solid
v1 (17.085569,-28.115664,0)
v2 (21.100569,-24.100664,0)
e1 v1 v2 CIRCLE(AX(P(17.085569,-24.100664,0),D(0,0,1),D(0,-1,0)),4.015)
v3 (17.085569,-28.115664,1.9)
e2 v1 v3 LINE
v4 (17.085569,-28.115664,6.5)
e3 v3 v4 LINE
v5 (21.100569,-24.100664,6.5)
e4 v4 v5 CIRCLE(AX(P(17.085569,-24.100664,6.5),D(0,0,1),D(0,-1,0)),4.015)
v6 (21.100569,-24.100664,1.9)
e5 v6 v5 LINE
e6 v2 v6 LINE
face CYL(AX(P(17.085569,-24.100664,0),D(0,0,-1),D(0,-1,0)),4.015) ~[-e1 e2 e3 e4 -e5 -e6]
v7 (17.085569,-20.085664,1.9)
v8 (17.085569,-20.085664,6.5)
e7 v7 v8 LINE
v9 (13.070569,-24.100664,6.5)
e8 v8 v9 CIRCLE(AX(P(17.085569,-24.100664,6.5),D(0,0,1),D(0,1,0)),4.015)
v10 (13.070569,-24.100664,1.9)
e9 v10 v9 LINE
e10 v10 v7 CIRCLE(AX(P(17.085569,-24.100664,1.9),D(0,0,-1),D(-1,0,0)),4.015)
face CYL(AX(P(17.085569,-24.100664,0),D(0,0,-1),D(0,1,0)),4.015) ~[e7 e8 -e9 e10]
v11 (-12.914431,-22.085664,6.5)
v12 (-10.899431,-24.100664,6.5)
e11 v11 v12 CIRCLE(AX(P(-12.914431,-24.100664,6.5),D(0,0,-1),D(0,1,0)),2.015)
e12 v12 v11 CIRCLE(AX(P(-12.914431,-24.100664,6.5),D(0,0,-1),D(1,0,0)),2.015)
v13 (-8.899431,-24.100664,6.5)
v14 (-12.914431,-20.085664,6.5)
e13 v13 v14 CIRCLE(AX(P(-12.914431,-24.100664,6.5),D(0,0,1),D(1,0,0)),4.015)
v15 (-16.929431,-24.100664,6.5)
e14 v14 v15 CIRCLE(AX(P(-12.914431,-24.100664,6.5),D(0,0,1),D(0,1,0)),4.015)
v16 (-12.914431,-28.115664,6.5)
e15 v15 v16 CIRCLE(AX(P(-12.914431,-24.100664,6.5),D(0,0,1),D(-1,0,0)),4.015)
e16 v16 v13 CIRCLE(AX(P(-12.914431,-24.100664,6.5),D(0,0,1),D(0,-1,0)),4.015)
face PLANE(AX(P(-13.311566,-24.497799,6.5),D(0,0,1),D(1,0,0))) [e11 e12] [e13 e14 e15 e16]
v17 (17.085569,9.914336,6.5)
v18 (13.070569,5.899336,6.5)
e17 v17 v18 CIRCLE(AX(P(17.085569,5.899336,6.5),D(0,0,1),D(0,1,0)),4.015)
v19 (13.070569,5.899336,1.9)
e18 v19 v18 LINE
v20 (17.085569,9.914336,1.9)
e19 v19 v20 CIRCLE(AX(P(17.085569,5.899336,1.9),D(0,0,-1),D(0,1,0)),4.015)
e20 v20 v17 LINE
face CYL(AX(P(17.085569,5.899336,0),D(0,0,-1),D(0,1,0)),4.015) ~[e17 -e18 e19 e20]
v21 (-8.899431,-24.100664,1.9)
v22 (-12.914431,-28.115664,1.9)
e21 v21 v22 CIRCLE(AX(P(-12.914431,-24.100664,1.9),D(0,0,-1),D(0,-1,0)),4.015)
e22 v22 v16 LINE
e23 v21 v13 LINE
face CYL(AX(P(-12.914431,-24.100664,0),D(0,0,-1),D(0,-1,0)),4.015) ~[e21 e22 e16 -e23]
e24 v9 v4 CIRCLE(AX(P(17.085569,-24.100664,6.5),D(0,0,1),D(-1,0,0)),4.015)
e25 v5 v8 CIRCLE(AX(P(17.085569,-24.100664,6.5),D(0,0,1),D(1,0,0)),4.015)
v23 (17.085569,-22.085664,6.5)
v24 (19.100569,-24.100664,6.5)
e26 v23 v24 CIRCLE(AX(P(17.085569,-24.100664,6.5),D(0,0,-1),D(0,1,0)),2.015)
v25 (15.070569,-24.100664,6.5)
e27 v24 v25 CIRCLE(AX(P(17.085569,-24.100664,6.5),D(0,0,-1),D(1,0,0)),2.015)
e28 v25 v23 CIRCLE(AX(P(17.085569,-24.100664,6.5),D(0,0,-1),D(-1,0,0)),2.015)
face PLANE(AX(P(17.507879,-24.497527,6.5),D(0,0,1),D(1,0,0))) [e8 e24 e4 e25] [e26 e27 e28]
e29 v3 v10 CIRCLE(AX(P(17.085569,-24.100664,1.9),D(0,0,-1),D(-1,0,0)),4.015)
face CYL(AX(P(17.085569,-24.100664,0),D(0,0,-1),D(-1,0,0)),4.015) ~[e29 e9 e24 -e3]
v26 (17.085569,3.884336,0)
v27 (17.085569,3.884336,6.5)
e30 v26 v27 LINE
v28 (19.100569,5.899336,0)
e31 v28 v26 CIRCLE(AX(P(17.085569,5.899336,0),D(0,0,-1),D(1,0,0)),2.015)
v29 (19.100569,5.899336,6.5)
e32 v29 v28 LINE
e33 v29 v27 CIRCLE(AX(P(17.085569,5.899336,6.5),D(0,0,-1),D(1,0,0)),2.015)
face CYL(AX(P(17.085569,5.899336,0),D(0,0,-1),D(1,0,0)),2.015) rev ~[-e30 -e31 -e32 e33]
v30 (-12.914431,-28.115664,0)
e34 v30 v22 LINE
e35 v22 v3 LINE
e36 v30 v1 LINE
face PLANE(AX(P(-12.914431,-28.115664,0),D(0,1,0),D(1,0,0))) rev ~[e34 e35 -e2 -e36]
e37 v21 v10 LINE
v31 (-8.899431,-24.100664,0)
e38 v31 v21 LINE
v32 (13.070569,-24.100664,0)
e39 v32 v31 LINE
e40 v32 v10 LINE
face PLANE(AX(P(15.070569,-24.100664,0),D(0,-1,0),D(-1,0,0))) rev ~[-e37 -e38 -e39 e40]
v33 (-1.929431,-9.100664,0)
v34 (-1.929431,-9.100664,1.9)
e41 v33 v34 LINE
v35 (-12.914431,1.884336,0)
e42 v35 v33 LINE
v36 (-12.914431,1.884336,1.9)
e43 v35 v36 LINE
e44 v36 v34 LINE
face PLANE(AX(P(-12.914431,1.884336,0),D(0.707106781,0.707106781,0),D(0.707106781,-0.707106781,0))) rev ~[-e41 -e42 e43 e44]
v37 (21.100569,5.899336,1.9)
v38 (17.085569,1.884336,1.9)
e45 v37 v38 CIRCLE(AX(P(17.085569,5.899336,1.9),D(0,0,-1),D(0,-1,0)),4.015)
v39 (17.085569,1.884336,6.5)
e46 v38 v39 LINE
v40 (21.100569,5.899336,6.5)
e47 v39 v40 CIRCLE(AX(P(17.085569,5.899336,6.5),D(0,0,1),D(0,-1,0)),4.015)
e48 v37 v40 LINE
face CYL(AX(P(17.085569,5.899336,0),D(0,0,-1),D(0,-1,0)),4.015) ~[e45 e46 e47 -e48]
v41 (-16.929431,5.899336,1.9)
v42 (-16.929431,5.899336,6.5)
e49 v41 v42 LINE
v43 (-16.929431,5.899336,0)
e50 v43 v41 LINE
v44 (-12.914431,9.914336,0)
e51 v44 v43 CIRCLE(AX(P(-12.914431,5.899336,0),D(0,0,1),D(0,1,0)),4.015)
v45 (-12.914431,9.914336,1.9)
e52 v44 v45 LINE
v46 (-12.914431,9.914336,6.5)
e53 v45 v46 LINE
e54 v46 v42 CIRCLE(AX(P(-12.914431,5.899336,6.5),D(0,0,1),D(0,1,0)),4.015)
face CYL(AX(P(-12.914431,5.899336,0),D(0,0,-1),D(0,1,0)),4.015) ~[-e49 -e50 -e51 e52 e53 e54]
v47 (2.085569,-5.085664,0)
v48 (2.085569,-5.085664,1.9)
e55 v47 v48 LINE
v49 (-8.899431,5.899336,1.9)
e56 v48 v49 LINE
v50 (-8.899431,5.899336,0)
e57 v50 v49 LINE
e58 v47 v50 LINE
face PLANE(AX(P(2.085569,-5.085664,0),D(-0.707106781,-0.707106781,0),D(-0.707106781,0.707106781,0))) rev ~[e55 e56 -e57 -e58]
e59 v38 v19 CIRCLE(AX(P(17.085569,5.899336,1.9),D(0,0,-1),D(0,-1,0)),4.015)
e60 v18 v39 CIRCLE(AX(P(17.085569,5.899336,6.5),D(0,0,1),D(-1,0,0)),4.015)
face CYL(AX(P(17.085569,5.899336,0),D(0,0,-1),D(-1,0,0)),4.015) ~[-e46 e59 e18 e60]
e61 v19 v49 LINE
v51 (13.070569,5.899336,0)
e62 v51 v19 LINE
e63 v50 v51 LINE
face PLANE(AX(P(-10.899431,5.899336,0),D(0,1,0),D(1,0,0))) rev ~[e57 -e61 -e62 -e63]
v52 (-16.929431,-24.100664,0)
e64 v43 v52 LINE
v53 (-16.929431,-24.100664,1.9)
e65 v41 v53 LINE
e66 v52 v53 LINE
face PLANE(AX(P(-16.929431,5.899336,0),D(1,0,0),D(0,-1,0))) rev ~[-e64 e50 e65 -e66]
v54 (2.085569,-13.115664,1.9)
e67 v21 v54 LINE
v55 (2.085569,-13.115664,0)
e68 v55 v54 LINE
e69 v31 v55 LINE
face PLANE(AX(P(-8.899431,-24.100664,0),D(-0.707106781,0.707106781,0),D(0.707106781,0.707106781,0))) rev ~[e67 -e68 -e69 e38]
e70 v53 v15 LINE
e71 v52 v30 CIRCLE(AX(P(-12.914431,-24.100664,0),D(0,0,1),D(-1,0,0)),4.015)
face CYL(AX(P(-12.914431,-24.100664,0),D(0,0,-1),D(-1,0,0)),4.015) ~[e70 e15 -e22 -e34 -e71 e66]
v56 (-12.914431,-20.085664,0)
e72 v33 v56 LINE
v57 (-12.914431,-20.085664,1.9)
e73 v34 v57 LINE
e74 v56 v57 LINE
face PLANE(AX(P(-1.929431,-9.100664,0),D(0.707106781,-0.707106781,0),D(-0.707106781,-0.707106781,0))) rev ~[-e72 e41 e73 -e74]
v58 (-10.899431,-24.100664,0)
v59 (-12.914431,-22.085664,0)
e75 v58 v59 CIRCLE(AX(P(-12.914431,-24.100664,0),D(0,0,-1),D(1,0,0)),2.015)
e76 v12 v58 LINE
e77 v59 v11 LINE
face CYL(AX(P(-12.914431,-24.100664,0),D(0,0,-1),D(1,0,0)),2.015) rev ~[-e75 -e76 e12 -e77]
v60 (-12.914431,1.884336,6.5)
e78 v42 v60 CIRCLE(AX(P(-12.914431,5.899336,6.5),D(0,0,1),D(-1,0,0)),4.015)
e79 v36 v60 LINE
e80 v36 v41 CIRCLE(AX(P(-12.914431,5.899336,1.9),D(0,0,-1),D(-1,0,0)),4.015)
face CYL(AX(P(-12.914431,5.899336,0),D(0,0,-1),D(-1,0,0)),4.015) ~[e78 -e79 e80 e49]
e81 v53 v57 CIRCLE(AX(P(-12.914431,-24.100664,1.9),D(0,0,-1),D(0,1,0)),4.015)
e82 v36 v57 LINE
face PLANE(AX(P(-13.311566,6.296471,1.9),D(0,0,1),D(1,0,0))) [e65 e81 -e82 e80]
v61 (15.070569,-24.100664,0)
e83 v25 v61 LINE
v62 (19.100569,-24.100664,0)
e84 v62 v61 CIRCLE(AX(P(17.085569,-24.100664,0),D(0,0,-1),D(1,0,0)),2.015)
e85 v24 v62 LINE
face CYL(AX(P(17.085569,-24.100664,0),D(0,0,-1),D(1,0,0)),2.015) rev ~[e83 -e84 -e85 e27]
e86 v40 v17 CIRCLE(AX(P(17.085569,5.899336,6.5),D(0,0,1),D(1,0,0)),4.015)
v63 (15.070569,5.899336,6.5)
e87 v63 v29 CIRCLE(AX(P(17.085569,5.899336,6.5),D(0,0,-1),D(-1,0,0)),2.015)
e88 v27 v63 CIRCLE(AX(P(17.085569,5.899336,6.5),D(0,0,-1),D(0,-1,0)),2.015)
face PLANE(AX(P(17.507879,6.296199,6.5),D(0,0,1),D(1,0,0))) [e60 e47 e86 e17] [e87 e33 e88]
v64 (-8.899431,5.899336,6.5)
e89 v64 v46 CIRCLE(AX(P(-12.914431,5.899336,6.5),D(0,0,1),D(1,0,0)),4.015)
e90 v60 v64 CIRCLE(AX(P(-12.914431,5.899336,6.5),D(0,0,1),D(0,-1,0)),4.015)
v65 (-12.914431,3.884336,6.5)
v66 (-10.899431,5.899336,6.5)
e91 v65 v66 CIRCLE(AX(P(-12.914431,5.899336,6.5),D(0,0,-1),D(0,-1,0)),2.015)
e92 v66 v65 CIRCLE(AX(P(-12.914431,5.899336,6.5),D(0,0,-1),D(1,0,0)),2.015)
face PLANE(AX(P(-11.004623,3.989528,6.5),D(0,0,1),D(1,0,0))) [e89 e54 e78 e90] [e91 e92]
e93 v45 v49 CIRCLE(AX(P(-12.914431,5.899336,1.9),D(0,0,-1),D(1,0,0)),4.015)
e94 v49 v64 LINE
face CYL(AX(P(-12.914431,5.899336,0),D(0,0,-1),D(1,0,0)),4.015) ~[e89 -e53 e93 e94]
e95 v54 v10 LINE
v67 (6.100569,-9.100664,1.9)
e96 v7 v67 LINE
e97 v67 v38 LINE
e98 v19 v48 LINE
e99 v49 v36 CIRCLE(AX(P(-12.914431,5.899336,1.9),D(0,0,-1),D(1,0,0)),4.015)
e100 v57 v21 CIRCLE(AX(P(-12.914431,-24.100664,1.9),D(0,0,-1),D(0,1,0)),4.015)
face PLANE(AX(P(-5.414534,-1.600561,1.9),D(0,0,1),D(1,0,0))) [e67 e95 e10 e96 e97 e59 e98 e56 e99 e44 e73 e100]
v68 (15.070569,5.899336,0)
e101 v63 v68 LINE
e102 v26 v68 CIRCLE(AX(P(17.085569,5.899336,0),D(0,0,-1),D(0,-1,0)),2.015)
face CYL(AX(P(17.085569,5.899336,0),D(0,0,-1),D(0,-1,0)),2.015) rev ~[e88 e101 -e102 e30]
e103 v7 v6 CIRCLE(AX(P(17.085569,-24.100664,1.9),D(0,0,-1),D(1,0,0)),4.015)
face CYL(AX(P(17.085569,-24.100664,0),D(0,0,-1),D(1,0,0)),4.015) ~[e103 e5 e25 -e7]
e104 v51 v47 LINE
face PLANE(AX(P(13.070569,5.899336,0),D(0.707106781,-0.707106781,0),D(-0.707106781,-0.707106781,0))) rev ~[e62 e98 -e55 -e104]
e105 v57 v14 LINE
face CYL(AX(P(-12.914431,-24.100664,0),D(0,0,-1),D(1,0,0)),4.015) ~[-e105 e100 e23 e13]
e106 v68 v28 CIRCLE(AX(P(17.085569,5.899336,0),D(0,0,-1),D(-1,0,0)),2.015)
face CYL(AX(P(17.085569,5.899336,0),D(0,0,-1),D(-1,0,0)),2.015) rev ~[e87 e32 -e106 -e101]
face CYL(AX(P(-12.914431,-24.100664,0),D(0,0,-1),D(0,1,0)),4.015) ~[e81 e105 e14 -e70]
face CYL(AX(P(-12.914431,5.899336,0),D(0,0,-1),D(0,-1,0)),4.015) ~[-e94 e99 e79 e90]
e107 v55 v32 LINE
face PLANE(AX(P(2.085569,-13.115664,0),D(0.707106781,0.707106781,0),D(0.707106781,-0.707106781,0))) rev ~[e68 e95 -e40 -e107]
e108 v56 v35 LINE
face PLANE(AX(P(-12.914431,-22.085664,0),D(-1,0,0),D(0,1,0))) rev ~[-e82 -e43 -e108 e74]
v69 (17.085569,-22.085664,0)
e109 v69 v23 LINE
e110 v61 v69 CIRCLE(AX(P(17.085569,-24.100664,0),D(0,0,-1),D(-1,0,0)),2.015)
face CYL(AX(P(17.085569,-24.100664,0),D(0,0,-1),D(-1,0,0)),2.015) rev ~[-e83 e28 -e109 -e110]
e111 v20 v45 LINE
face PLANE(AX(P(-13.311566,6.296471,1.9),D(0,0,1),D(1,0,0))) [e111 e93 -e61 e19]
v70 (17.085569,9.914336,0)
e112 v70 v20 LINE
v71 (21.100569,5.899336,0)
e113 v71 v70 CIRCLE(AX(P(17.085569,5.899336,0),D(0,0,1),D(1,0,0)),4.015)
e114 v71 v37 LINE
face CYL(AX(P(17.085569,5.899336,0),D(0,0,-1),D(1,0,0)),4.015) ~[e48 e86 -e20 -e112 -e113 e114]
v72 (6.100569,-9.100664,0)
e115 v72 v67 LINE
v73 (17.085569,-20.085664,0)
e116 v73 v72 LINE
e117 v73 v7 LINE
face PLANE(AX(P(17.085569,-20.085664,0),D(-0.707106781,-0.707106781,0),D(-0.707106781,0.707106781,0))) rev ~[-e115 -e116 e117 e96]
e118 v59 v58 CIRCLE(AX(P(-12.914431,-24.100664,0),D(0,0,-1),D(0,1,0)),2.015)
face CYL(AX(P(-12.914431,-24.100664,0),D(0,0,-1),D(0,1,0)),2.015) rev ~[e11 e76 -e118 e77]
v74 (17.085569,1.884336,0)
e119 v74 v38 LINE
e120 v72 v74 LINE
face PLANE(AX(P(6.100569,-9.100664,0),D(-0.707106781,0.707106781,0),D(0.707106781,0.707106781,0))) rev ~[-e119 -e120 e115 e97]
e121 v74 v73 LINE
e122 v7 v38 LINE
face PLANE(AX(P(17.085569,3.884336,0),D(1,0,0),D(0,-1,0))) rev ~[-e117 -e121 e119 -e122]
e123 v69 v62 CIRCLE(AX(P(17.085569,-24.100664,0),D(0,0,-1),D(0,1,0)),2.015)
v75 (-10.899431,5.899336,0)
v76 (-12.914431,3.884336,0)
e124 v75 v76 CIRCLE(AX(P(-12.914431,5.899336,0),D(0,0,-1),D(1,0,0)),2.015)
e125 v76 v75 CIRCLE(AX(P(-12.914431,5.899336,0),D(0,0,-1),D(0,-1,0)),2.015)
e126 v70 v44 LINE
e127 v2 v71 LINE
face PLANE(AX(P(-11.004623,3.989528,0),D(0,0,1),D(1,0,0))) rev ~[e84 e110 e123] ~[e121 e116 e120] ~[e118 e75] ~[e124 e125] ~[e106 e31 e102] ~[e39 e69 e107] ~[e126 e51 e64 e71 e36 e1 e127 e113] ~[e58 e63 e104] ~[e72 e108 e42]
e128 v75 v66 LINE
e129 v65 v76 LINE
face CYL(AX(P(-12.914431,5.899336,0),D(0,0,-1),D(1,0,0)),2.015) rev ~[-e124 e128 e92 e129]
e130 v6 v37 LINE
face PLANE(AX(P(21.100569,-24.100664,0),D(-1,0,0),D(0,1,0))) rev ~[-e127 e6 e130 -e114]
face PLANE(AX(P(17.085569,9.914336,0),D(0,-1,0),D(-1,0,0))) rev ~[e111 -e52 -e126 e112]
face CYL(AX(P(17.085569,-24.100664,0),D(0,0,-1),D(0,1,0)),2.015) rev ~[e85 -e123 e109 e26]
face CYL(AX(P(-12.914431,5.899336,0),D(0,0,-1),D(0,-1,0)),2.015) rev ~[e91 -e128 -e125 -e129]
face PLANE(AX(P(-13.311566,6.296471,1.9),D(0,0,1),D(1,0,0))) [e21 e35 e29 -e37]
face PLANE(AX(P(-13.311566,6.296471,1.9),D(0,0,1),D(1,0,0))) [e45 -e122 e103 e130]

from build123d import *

# Parameters (mm, degrees)
F1_DEPTH = 6.5
F2_DEPTH = 1.9


with BuildPart() as f1:
    # F0 (on Top) → F1 (new body)
    with BuildSketch(Plane.XY):
        with BuildLine():
            Line((-8.899431151, 5.8993360586), (-10.899431151, 5.8993360586))
            ThreePointArc((-10.899431151, 5.8993360586), (-11.4896109869, 4.4745158946), (-12.914431151, 3.8843360586))
            Line((-12.914431151, 3.8843360586), (-12.914431151, 1.8843360586))
            ThreePointArc((-12.914431151, 1.8843360586), (-10.0753974245, 3.0603023322), (-8.899431151, 5.8993360586))
        make_face()
        with BuildLine():
            ThreePointArc((-12.914431151, 3.8843360586), (-14.3392513151, 7.3241562227), (-10.899431151, 5.8993360586))
            Line((-10.899431151, 5.8993360586), (-8.899431151, 5.8993360586))
            ThreePointArc((-8.899431151, 5.8993360586), (-10.0753974245, 8.7383697851), (-12.914431151, 9.9143360586))
            ThreePointArc((-12.914431151, 9.9143360586), (-15.7534648775, 8.7383697851), (-16.929431151, 5.8993360586))
            ThreePointArc((-16.929431151, 5.8993360586), (-15.7534648775, 3.0603023322), (-12.914431151, 1.8843360586))
            Line((-12.914431151, 1.8843360586), (-12.914431151, 3.8843360586))
        make_face()
    extrude(amount=F1_DEPTH)



with BuildPart() as f1b:
    # F0 (on Top) → F1, piece 2 (new body)
    with BuildSketch(Plane.XY):
        with BuildLine():
            ThreePointArc((17.085568849, 9.9143360586), (14.2465351225, 8.7383697851), (13.070568849, 5.8993360586))
            Line((13.070568849, 5.8993360586), (15.070568849, 5.8993360586))
            ThreePointArc((15.070568849, 5.8993360586), (17.085568849, 7.9143360586), (19.100568849, 5.8993360586))
            ThreePointArc((19.100568849, 5.8993360586), (18.5103890131, 4.4745158946), (17.085568849, 3.8843360586))
            Line((17.085568849, 3.8843360586), (17.085568849, 1.8843360586))
            ThreePointArc((17.085568849, 1.8843360586), (19.9246025755, 3.0603023322), (21.100568849, 5.8993360586))
            ThreePointArc((21.100568849, 5.8993360586), (19.9246025755, 8.7383697851), (17.085568849, 9.9143360586))
        make_face()
        with BuildLine():
            Line((15.070568849, 5.8993360586), (13.070568849, 5.8993360586))
            ThreePointArc((13.070568849, 5.8993360586), (14.2465351225, 3.0603023322), (17.085568849, 1.8843360586))
            Line((17.085568849, 1.8843360586), (17.085568849, 3.8843360586))
            ThreePointArc((17.085568849, 3.8843360586), (15.6607486849, 4.4745158946), (15.070568849, 5.8993360586))
        make_face()
    extrude(amount=F1_DEPTH)


with BuildPart() as f1c:
    # F0 (on Top) → F1, piece 3 (new body)
    with BuildSketch(Plane.XY):
        with BuildLine():
            ThreePointArc((21.100568849, -24.1006639414), (19.9246025755, -21.2616302149), (17.085568849, -20.0856639414))
            Line((17.085568849, -20.0856639414), (17.085568849, -22.0856639414))
            ThreePointArc((17.085568849, -22.0856639414), (18.5103890131, -22.6758437773), (19.100568849, -24.1006639414))
            ThreePointArc((19.100568849, -24.1006639414), (17.085568849, -26.1156639414), (15.070568849, -24.1006639414))
            Line((15.070568849, -24.1006639414), (13.070568849, -24.1006639414))
            ThreePointArc((13.070568849, -24.1006639414), (14.2465351225, -26.9396976678), (17.085568849, -28.1156639414))
            ThreePointArc((17.085568849, -28.1156639414), (19.9246025755, -26.9396976678), (21.100568849, -24.1006639414))
        make_face()
        with BuildLine():
            Line((17.085568849, -22.0856639414), (17.085568849, -20.0856639414))
            ThreePointArc((17.085568849, -20.0856639414), (14.2465351225, -21.2616302149), (13.070568849, -24.1006639414))
            Line((13.070568849, -24.1006639414), (15.070568849, -24.1006639414))
            ThreePointArc((15.070568849, -24.1006639414), (15.6607486849, -22.6758437773), (17.085568849, -22.0856639414))
        make_face()
    extrude(amount=F1_DEPTH)


with BuildPart() as f1d:
    # F0 (on Top) → F1, piece 4 (new body)
    with BuildSketch(Plane.XY):
        with BuildLine():
            Line((-12.914431151, -22.0856639414), (-12.914431151, -20.0856639414))
            ThreePointArc((-12.914431151, -20.0856639414), (-15.7534648775, -21.2616302149), (-16.929431151, -24.1006639414))
            ThreePointArc((-16.929431151, -24.1006639414), (-15.7534648775, -26.9396976678), (-12.914431151, -28.1156639414))
            ThreePointArc((-12.914431151, -28.1156639414), (-10.0753974245, -26.9396976678), (-8.899431151, -24.1006639414))
            Line((-8.899431151, -24.1006639414), (-10.899431151, -24.1006639414))
            ThreePointArc((-10.899431151, -24.1006639414), (-14.3392513151, -25.5254841054), (-12.914431151, -22.0856639414))
        make_face()
        with BuildLine():
            ThreePointArc((-8.899431151, -24.1006639414), (-10.0753974245, -21.2616302149), (-12.914431151, -20.0856639414))
            Line((-12.914431151, -20.0856639414), (-12.914431151, -22.0856639414))
            ThreePointArc((-12.914431151, -22.0856639414), (-11.4896109869, -22.6758437773), (-10.899431151, -24.1006639414))
            Line((-10.899431151, -24.1006639414), (-8.899431151, -24.1006639414))
        make_face()
    extrude(amount=F1_DEPTH)


with BuildPart() as f1_1:
    add(f1.part)

    add(f1b.part)  # F2 merges F1b

    add(f1c.part)  # F2 merges F1c

    add(f1d.part)  # F2 merges F1d
    # F0 (on Top) → F2 (join)
    with BuildSketch(Plane.XY):
        with BuildLine():
            ThreePointArc((-12.914431151, 3.8843360586), (-14.3392513151, 7.3241562227), (-10.899431151, 5.8993360586))
            Line((-10.899431151, 5.8993360586), (-8.899431151, 5.8993360586))
            ThreePointArc((-8.899431151, 5.8993360586), (-10.0753974245, 8.7383697851), (-12.914431151, 9.9143360586))
            ThreePointArc((-12.914431151, 9.9143360586), (-15.7534648775, 8.7383697851), (-16.929431151, 5.8993360586))
            ThreePointArc((-16.929431151, 5.8993360586), (-15.7534648775, 3.0603023322), (-12.914431151, 1.8843360586))
            Line((-12.914431151, 1.8843360586), (-12.914431151, 3.8843360586))
        make_face()
        with BuildLine():
            ThreePointArc((-12.914431151, 9.9143360586), (-10.0753974245, 8.7383697851), (-8.899431151, 5.8993360586))
            Line((-8.899431151, 5.8993360586), (13.070568849, 5.8993360586))
            ThreePointArc((13.070568849, 5.8993360586), (14.2465351225, 8.7383697851), (17.085568849, 9.9143360586))
            Line((17.085568849, 9.9143360586), (-12.914431151, 9.9143360586))
        make_face()
        with BuildLine():
            Line((-12.914431151, -20.0856639414), (-12.914431151, 1.8843360586))
            ThreePointArc((-12.914431151, 1.8843360586), (-15.7534648775, 3.0603023322), (-16.929431151, 5.8993360586))
            Line((-16.929431151, 5.8993360586), (-16.929431151, -24.1006639414))
            ThreePointArc((-16.929431151, -24.1006639414), (-15.7534648775, -21.2616302149), (-12.914431151, -20.0856639414))
        make_face()
        with BuildLine():
            ThreePointArc((17.085568849, 9.9143360586), (14.2465351225, 8.7383697851), (13.070568849, 5.8993360586))
            Line((13.070568849, 5.8993360586), (15.070568849, 5.8993360586))
            ThreePointArc((15.070568849, 5.8993360586), (17.085568849, 7.9143360586), (19.100568849, 5.8993360586))
            ThreePointArc((19.100568849, 5.8993360586), (18.5103890131, 4.4745158946), (17.085568849, 3.8843360586))
            Line((17.085568849, 3.8843360586), (17.085568849, 1.8843360586))
            ThreePointArc((17.085568849, 1.8843360586), (19.9246025755, 3.0603023322), (21.100568849, 5.8993360586))
            ThreePointArc((21.100568849, 5.8993360586), (19.9246025755, 8.7383697851), (17.085568849, 9.9143360586))
        make_face()
        with BuildLine():
            Line((-12.914431151, -22.0856639414), (-12.914431151, -20.0856639414))
            ThreePointArc((-12.914431151, -20.0856639414), (-15.7534648775, -21.2616302149), (-16.929431151, -24.1006639414))
            ThreePointArc((-16.929431151, -24.1006639414), (-15.7534648775, -26.9396976678), (-12.914431151, -28.1156639414))
            ThreePointArc((-12.914431151, -28.1156639414), (-10.0753974245, -26.9396976678), (-8.899431151, -24.1006639414))
            Line((-8.899431151, -24.1006639414), (-10.899431151, -24.1006639414))
            ThreePointArc((-10.899431151, -24.1006639414), (-14.3392513151, -25.5254841054), (-12.914431151, -22.0856639414))
        make_face()
        with BuildLine():
            ThreePointArc((21.100568849, 5.8993360586), (19.9246025755, 3.0603023322), (17.085568849, 1.8843360586))
            Line((17.085568849, 1.8843360586), (17.085568849, -20.0856639414))
            ThreePointArc((17.085568849, -20.0856639414), (19.9246025755, -21.2616302149), (21.100568849, -24.1006639414))
            Line((21.100568849, -24.1006639414), (21.100568849, 5.8993360586))
        make_face()
        with BuildLine():
            Line((13.070568849, -24.1006639414), (-8.899431151, -24.1006639414))
            ThreePointArc((-8.899431151, -24.1006639414), (-10.0753974245, -26.9396976678), (-12.914431151, -28.1156639414))
            Line((-12.914431151, -28.1156639414), (17.085568849, -28.1156639414))
            ThreePointArc((17.085568849, -28.1156639414), (14.2465351225, -26.9396976678), (13.070568849, -24.1006639414))
        make_face()
        with BuildLine():
            ThreePointArc((21.100568849, -24.1006639414), (19.9246025755, -21.2616302149), (17.085568849, -20.0856639414))
            Line((17.085568849, -20.0856639414), (17.085568849, -22.0856639414))
            ThreePointArc((17.085568849, -22.0856639414), (18.5103890131, -22.6758437773), (19.100568849, -24.1006639414))
            ThreePointArc((19.100568849, -24.1006639414), (17.085568849, -26.1156639414), (15.070568849, -24.1006639414))
            Line((15.070568849, -24.1006639414), (13.070568849, -24.1006639414))
            ThreePointArc((13.070568849, -24.1006639414), (14.2465351225, -26.9396976678), (17.085568849, -28.1156639414))
            ThreePointArc((17.085568849, -28.1156639414), (19.9246025755, -26.9396976678), (21.100568849, -24.1006639414))
        make_face()
        with BuildLine():
            Line((2.085568849, -5.0856639414), (-8.899431151, 5.8993360586))
            ThreePointArc((-8.899431151, 5.8993360586), (-10.0753974245, 3.0603023322), (-12.914431151, 1.8843360586))
            Line((-12.914431151, 1.8843360586), (-1.929431151, -9.1006639414))
            Line((-1.929431151, -9.1006639414), (2.085568849, -5.0856639414))
        make_face()
        with BuildLine():
            ThreePointArc((17.085568849, 1.8843360586), (14.2465351225, 3.0603023322), (13.070568849, 5.8993360586))
            Line((13.070568849, 5.8993360586), (2.085568849, -5.0856639414))
            Line((2.085568849, -5.0856639414), (6.100568849, -9.1006639414))
            Line((6.100568849, -9.1006639414), (17.085568849, 1.8843360586))
        make_face()
        Polygon((6.100568849, -9.1006639414), (2.085568849, -5.0856639414), (-1.929431151, -9.1006639414), (2.085568849, -13.1156639414), align=None)
        with BuildLine():
            Line((17.085568849, -20.0856639414), (6.100568849, -9.1006639414))
            Line((6.100568849, -9.1006639414), (2.085568849, -13.1156639414))
            Line((2.085568849, -13.1156639414), (13.070568849, -24.1006639414))
            ThreePointArc((13.070568849, -24.1006639414), (14.2465351225, -21.2616302149), (17.085568849, -20.0856639414))
        make_face()
        with BuildLine():
            Line((-1.929431151, -9.1006639414), (-12.914431151, -20.0856639414))
            ThreePointArc((-12.914431151, -20.0856639414), (-10.0753974245, -21.2616302149), (-8.899431151, -24.1006639414))
            Line((-8.899431151, -24.1006639414), (2.085568849, -13.1156639414))
            Line((2.085568849, -13.1156639414), (-1.929431151, -9.1006639414))
        make_face()
    extrude(amount=F2_DEPTH)


solid = f1_1.part
